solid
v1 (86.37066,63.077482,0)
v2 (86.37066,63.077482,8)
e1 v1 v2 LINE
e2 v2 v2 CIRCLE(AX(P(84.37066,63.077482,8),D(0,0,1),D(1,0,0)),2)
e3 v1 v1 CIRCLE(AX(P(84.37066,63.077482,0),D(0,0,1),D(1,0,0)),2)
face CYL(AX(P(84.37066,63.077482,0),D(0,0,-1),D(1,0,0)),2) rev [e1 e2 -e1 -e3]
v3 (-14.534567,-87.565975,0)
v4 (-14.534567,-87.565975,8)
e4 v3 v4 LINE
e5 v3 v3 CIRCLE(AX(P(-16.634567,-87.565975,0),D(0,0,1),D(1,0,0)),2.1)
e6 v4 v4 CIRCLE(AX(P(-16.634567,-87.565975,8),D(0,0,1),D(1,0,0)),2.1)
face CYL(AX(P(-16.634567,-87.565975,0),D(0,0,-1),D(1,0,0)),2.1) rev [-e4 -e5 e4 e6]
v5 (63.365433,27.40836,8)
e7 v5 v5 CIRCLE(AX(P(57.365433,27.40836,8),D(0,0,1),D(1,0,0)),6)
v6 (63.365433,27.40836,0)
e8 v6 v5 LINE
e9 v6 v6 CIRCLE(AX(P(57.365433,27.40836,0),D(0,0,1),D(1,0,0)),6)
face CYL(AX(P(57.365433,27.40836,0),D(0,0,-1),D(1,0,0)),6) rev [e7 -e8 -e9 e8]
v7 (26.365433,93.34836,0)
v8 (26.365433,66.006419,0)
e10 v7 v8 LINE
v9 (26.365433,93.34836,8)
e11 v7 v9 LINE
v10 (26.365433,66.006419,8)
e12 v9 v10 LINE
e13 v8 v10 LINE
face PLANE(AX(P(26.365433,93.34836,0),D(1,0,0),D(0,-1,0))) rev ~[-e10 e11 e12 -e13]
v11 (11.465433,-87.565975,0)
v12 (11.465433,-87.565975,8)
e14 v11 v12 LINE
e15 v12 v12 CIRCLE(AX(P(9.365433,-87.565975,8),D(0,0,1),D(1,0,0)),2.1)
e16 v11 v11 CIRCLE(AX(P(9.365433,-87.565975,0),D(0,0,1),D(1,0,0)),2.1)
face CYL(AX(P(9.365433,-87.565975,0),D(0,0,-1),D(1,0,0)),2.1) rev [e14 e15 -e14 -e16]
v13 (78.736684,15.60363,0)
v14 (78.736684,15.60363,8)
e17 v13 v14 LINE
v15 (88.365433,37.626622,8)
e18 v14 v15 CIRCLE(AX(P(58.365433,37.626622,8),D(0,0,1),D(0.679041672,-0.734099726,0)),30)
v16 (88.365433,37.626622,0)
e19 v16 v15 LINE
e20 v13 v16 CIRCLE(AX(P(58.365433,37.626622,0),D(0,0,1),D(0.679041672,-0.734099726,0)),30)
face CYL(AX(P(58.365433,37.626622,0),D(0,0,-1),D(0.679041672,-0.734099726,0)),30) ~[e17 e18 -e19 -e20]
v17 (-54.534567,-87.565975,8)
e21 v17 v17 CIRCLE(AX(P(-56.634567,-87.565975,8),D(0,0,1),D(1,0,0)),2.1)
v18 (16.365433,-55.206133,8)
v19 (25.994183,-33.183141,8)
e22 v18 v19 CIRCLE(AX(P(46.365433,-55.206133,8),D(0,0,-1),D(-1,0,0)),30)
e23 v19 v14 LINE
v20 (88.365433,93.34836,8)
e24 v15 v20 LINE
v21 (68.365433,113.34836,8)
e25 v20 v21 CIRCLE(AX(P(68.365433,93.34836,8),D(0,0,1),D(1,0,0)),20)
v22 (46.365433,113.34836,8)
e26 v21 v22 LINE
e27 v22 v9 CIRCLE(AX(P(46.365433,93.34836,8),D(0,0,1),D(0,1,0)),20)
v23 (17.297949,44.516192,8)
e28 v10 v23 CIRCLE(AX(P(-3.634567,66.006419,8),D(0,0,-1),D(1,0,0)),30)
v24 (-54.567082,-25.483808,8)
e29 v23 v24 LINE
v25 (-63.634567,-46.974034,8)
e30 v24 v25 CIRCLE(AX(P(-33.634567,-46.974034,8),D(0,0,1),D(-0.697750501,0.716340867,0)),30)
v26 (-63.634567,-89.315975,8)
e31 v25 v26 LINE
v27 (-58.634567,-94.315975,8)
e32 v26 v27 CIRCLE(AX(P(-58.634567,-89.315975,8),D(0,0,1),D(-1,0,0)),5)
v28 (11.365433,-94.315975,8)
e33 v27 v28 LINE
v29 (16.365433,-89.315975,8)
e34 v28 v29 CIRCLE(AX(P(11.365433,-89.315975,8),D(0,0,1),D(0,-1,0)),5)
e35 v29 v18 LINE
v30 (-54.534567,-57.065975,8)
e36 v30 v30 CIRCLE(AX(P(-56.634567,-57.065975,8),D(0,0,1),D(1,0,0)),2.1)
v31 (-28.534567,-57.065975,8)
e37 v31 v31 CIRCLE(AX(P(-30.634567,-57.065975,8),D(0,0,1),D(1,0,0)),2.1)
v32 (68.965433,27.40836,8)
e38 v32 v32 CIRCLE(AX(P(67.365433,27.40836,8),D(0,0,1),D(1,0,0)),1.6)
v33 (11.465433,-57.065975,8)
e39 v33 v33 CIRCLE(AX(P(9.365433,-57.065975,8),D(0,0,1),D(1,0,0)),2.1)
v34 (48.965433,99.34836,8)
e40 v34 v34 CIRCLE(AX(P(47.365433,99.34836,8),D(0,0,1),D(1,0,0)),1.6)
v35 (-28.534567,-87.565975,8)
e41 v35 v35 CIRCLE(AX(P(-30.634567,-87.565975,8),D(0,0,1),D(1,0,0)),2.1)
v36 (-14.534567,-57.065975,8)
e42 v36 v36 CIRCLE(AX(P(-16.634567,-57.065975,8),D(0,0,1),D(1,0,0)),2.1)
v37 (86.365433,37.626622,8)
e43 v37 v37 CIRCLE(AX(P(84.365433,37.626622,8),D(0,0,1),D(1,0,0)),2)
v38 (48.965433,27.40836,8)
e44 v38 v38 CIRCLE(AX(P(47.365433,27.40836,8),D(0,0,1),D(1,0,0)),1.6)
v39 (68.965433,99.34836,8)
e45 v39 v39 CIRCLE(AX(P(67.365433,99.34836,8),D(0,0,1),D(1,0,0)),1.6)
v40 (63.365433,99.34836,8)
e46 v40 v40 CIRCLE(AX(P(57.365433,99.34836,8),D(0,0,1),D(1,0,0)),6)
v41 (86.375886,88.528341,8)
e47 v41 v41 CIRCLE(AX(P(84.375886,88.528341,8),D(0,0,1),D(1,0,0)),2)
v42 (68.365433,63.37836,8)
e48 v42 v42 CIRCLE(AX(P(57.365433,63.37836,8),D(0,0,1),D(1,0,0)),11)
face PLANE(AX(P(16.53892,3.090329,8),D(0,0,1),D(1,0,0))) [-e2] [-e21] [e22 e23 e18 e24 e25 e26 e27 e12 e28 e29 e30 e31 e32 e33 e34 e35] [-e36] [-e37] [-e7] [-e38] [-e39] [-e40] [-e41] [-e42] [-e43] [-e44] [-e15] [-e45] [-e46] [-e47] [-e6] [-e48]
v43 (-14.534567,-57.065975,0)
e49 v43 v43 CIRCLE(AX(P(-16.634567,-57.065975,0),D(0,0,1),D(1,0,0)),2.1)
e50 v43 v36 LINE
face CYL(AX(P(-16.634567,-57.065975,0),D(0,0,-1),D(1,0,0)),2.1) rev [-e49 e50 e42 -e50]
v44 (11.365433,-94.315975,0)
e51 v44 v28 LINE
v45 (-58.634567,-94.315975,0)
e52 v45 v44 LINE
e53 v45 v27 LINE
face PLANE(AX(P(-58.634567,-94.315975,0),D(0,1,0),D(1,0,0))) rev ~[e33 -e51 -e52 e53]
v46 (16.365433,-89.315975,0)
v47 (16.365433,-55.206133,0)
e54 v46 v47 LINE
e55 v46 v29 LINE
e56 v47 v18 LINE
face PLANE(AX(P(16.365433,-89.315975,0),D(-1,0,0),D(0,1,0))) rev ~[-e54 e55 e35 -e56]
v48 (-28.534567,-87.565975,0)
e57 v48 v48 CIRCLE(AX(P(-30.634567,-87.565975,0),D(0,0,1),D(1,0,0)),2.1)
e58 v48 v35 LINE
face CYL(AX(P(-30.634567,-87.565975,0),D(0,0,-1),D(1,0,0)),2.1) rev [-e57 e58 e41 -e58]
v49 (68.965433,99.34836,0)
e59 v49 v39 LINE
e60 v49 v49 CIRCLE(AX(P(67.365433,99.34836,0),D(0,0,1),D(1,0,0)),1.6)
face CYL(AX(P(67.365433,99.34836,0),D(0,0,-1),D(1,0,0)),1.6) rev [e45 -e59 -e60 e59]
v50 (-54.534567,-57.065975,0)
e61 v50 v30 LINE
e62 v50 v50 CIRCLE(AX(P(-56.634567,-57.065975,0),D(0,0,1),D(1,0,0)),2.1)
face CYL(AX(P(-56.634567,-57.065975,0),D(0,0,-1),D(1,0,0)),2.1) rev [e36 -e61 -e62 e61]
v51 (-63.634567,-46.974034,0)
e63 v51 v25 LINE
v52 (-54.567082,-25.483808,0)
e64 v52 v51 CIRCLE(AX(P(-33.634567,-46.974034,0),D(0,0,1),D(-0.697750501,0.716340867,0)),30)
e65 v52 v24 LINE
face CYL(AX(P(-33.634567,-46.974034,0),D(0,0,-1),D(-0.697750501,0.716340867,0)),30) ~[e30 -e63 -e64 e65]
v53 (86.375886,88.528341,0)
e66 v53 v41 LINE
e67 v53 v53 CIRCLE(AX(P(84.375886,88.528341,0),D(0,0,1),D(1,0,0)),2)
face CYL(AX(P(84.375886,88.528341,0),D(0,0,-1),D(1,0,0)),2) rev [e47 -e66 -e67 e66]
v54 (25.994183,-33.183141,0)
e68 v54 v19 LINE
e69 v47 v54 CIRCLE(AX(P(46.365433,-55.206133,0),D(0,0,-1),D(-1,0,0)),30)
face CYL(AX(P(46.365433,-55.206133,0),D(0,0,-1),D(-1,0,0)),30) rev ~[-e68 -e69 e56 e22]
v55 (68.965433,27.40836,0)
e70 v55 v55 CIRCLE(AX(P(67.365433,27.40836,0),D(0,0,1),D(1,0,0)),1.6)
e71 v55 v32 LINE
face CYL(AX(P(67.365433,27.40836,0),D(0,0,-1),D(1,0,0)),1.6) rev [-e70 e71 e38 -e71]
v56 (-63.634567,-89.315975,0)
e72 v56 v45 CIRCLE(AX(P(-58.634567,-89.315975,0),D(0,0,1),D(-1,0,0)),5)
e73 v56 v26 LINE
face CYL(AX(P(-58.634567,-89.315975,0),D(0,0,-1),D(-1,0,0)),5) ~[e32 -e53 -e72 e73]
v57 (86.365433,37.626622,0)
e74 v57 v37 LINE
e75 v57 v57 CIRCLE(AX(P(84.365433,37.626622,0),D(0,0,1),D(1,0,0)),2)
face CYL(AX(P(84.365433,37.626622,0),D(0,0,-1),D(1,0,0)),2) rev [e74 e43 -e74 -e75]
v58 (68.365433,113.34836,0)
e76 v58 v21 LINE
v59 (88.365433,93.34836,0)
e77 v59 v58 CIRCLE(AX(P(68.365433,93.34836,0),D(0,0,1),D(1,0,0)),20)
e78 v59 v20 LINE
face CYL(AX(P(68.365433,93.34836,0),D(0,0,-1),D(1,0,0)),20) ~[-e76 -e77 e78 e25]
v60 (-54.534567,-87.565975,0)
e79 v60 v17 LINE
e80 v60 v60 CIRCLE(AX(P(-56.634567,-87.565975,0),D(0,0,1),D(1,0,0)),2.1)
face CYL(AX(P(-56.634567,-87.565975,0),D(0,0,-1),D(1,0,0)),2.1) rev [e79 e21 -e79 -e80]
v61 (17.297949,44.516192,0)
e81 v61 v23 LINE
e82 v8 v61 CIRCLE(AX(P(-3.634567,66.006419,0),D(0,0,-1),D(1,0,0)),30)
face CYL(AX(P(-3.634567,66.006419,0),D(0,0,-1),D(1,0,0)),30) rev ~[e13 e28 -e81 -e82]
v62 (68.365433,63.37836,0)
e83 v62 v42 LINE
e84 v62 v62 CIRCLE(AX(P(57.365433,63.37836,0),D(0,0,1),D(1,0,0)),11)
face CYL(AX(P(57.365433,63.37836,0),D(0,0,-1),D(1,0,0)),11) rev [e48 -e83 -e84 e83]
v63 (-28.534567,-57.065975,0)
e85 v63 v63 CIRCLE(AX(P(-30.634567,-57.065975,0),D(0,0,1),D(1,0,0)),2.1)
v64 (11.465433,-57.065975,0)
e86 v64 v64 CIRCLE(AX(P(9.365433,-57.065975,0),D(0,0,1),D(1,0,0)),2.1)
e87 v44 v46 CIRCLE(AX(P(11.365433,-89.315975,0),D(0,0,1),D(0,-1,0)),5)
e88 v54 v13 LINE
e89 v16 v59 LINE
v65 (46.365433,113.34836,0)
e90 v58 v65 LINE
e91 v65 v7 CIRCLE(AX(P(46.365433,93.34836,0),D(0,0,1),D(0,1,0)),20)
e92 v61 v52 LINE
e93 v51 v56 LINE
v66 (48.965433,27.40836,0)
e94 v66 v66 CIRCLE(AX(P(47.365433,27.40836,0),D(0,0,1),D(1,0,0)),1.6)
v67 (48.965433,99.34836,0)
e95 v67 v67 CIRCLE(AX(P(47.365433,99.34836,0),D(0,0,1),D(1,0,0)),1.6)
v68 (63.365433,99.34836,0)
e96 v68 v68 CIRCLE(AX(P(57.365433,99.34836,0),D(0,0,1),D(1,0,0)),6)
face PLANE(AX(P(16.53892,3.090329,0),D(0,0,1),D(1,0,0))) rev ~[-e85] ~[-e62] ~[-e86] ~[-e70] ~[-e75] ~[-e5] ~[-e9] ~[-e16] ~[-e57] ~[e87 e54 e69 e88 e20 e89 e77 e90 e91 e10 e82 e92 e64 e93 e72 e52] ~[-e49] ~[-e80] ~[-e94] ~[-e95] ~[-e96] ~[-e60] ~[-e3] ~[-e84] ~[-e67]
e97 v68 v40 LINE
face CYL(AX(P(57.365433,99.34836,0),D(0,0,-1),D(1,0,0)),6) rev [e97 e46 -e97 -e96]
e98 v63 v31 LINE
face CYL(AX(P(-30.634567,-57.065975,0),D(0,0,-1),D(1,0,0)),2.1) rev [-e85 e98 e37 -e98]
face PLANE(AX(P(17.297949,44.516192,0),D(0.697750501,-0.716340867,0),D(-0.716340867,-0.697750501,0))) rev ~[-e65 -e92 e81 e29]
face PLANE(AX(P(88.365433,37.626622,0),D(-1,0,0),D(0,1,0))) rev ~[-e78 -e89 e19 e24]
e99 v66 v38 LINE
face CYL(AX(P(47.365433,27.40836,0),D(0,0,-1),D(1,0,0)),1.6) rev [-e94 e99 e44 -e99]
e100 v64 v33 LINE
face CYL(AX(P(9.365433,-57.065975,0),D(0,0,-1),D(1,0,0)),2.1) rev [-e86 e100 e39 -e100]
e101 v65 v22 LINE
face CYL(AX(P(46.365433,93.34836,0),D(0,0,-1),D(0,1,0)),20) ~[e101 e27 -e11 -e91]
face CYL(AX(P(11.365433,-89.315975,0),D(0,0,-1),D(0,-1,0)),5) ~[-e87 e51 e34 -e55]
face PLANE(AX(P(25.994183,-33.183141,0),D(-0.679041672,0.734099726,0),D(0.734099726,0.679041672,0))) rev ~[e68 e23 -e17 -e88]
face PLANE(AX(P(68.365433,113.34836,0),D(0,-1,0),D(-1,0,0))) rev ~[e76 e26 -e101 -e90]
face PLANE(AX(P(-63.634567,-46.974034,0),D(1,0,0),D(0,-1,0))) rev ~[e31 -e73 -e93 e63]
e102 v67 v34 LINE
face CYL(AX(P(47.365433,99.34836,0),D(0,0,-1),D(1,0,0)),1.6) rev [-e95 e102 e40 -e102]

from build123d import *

# Parameters (mm, degrees)
SKETCH1_R           = 2.1
SKETCH1_R_2         = 6
SKETCH1_R_3         = 11
SKETCH1_R_4         = 2
SKETCH1_R_5         = 1.6
BOSS_EXTRUDE1_DEPTH = 8


with BuildPart() as part:
    # Sketch1 → Boss-Extrude1 (new body)
    with BuildSketch(Plane.XY):
        with BuildLine():
            Line((-58.634566509, -94.315974521), (11.365433491, -94.315974521))
            ThreePointArc((11.365433491, -94.315974521), (14.900967397, -92.851508427), (16.365433491, -89.315974521))
            Line((16.365433491, -89.315974521), (16.365433491, -55.206132823))
            ThreePointArc((16.365433491, -55.206132823), (18.877822606, -43.188177597), (25.994183345, -33.18314103))
            Line((25.994183345, -33.18314103), (78.736683637, 15.603630397))
            ThreePointArc((78.736683637, 15.603630397), (85.853044376, 25.608666964), (88.365433491, 37.62662219))
            Line((88.365433491, 37.62662219), (88.365433491, 93.348359509))
            ThreePointArc((88.365433491, 93.348359509), (82.507569115, 107.490495133), (68.365433491, 113.348359509))
            Line((68.365433491, 113.348359509), (46.365433491, 113.348359509))
            ThreePointArc((46.365433491, 113.348359509), (32.223297867, 107.490495133), (26.365433491, 93.348359509))
            Line((26.365433491, 93.348359509), (26.365433491, 66.006418518))
            ThreePointArc((26.365433491, 66.006418518), (24.005761373, 54.343988473), (17.29794852, 44.516192494))
            Line((17.29794852, 44.516192494), (-54.567081538, -25.483807506))
            ThreePointArc((-54.567081538, -25.483807506), (-61.274894391, -35.311603484), (-63.634566509, -46.97403353))
            Line((-63.634566509, -46.97403353), (-63.634566509, -89.315974521))
            ThreePointArc((-63.634566509, -89.315974521), (-62.170100415, -92.851508427), (-58.634566509, -94.315974521))
        make_face()
        with Locations((-56.634566509, -57.065974521)):
            Circle(SKETCH1_R, mode=Mode.SUBTRACT)
        with Locations((-30.634566509, -57.065974521)):
            Circle(SKETCH1_R, mode=Mode.SUBTRACT)
        with Locations((-30.634566509, -87.565974521)):
            Circle(SKETCH1_R, mode=Mode.SUBTRACT)
        with Locations((-56.634566509, -87.565974521)):
            Circle(SKETCH1_R, mode=Mode.SUBTRACT)
        with Locations((9.365433491, -87.565974521)):
            Circle(SKETCH1_R, mode=Mode.SUBTRACT)
        with Locations((-16.634566509, -87.565974521)):
            Circle(SKETCH1_R, mode=Mode.SUBTRACT)
        with Locations((-16.634566509, -57.065974521)):
            Circle(SKETCH1_R, mode=Mode.SUBTRACT)
        with Locations((9.365433491, -57.065974521)):
            Circle(SKETCH1_R, mode=Mode.SUBTRACT)
        with Locations((57.365433491, 99.348359509)):
            Circle(SKETCH1_R_2, mode=Mode.SUBTRACT)
        with Locations((57.365433491, 27.408359509)):
            Circle(SKETCH1_R_2, mode=Mode.SUBTRACT)
        with Locations((57.365433491, 63.378359509)):
            Circle(SKETCH1_R_3, mode=Mode.SUBTRACT)
        with Locations((84.365433491, 37.62662219)):
            Circle(SKETCH1_R_4, mode=Mode.SUBTRACT)
        with Locations((84.375885899, 88.528341433)):
            Circle(SKETCH1_R_4, mode=Mode.SUBTRACT)
        with Locations((47.365433491, 99.348359509)):
            Circle(SKETCH1_R_5, mode=Mode.SUBTRACT)
        with Locations((47.365433491, 27.408359509)):
            Circle(SKETCH1_R_5, mode=Mode.SUBTRACT)
        with Locations((67.365433491, 99.348359509)):
            Circle(SKETCH1_R_5, mode=Mode.SUBTRACT)
        with Locations((67.365433491, 27.408359509)):
            Circle(SKETCH1_R_5, mode=Mode.SUBTRACT)
        with Locations((84.370659695, 63.077481811)):
            Circle(SKETCH1_R_4, mode=Mode.SUBTRACT)
    extrude(amount=BOSS_EXTRUDE1_DEPTH)


solid = part.part
